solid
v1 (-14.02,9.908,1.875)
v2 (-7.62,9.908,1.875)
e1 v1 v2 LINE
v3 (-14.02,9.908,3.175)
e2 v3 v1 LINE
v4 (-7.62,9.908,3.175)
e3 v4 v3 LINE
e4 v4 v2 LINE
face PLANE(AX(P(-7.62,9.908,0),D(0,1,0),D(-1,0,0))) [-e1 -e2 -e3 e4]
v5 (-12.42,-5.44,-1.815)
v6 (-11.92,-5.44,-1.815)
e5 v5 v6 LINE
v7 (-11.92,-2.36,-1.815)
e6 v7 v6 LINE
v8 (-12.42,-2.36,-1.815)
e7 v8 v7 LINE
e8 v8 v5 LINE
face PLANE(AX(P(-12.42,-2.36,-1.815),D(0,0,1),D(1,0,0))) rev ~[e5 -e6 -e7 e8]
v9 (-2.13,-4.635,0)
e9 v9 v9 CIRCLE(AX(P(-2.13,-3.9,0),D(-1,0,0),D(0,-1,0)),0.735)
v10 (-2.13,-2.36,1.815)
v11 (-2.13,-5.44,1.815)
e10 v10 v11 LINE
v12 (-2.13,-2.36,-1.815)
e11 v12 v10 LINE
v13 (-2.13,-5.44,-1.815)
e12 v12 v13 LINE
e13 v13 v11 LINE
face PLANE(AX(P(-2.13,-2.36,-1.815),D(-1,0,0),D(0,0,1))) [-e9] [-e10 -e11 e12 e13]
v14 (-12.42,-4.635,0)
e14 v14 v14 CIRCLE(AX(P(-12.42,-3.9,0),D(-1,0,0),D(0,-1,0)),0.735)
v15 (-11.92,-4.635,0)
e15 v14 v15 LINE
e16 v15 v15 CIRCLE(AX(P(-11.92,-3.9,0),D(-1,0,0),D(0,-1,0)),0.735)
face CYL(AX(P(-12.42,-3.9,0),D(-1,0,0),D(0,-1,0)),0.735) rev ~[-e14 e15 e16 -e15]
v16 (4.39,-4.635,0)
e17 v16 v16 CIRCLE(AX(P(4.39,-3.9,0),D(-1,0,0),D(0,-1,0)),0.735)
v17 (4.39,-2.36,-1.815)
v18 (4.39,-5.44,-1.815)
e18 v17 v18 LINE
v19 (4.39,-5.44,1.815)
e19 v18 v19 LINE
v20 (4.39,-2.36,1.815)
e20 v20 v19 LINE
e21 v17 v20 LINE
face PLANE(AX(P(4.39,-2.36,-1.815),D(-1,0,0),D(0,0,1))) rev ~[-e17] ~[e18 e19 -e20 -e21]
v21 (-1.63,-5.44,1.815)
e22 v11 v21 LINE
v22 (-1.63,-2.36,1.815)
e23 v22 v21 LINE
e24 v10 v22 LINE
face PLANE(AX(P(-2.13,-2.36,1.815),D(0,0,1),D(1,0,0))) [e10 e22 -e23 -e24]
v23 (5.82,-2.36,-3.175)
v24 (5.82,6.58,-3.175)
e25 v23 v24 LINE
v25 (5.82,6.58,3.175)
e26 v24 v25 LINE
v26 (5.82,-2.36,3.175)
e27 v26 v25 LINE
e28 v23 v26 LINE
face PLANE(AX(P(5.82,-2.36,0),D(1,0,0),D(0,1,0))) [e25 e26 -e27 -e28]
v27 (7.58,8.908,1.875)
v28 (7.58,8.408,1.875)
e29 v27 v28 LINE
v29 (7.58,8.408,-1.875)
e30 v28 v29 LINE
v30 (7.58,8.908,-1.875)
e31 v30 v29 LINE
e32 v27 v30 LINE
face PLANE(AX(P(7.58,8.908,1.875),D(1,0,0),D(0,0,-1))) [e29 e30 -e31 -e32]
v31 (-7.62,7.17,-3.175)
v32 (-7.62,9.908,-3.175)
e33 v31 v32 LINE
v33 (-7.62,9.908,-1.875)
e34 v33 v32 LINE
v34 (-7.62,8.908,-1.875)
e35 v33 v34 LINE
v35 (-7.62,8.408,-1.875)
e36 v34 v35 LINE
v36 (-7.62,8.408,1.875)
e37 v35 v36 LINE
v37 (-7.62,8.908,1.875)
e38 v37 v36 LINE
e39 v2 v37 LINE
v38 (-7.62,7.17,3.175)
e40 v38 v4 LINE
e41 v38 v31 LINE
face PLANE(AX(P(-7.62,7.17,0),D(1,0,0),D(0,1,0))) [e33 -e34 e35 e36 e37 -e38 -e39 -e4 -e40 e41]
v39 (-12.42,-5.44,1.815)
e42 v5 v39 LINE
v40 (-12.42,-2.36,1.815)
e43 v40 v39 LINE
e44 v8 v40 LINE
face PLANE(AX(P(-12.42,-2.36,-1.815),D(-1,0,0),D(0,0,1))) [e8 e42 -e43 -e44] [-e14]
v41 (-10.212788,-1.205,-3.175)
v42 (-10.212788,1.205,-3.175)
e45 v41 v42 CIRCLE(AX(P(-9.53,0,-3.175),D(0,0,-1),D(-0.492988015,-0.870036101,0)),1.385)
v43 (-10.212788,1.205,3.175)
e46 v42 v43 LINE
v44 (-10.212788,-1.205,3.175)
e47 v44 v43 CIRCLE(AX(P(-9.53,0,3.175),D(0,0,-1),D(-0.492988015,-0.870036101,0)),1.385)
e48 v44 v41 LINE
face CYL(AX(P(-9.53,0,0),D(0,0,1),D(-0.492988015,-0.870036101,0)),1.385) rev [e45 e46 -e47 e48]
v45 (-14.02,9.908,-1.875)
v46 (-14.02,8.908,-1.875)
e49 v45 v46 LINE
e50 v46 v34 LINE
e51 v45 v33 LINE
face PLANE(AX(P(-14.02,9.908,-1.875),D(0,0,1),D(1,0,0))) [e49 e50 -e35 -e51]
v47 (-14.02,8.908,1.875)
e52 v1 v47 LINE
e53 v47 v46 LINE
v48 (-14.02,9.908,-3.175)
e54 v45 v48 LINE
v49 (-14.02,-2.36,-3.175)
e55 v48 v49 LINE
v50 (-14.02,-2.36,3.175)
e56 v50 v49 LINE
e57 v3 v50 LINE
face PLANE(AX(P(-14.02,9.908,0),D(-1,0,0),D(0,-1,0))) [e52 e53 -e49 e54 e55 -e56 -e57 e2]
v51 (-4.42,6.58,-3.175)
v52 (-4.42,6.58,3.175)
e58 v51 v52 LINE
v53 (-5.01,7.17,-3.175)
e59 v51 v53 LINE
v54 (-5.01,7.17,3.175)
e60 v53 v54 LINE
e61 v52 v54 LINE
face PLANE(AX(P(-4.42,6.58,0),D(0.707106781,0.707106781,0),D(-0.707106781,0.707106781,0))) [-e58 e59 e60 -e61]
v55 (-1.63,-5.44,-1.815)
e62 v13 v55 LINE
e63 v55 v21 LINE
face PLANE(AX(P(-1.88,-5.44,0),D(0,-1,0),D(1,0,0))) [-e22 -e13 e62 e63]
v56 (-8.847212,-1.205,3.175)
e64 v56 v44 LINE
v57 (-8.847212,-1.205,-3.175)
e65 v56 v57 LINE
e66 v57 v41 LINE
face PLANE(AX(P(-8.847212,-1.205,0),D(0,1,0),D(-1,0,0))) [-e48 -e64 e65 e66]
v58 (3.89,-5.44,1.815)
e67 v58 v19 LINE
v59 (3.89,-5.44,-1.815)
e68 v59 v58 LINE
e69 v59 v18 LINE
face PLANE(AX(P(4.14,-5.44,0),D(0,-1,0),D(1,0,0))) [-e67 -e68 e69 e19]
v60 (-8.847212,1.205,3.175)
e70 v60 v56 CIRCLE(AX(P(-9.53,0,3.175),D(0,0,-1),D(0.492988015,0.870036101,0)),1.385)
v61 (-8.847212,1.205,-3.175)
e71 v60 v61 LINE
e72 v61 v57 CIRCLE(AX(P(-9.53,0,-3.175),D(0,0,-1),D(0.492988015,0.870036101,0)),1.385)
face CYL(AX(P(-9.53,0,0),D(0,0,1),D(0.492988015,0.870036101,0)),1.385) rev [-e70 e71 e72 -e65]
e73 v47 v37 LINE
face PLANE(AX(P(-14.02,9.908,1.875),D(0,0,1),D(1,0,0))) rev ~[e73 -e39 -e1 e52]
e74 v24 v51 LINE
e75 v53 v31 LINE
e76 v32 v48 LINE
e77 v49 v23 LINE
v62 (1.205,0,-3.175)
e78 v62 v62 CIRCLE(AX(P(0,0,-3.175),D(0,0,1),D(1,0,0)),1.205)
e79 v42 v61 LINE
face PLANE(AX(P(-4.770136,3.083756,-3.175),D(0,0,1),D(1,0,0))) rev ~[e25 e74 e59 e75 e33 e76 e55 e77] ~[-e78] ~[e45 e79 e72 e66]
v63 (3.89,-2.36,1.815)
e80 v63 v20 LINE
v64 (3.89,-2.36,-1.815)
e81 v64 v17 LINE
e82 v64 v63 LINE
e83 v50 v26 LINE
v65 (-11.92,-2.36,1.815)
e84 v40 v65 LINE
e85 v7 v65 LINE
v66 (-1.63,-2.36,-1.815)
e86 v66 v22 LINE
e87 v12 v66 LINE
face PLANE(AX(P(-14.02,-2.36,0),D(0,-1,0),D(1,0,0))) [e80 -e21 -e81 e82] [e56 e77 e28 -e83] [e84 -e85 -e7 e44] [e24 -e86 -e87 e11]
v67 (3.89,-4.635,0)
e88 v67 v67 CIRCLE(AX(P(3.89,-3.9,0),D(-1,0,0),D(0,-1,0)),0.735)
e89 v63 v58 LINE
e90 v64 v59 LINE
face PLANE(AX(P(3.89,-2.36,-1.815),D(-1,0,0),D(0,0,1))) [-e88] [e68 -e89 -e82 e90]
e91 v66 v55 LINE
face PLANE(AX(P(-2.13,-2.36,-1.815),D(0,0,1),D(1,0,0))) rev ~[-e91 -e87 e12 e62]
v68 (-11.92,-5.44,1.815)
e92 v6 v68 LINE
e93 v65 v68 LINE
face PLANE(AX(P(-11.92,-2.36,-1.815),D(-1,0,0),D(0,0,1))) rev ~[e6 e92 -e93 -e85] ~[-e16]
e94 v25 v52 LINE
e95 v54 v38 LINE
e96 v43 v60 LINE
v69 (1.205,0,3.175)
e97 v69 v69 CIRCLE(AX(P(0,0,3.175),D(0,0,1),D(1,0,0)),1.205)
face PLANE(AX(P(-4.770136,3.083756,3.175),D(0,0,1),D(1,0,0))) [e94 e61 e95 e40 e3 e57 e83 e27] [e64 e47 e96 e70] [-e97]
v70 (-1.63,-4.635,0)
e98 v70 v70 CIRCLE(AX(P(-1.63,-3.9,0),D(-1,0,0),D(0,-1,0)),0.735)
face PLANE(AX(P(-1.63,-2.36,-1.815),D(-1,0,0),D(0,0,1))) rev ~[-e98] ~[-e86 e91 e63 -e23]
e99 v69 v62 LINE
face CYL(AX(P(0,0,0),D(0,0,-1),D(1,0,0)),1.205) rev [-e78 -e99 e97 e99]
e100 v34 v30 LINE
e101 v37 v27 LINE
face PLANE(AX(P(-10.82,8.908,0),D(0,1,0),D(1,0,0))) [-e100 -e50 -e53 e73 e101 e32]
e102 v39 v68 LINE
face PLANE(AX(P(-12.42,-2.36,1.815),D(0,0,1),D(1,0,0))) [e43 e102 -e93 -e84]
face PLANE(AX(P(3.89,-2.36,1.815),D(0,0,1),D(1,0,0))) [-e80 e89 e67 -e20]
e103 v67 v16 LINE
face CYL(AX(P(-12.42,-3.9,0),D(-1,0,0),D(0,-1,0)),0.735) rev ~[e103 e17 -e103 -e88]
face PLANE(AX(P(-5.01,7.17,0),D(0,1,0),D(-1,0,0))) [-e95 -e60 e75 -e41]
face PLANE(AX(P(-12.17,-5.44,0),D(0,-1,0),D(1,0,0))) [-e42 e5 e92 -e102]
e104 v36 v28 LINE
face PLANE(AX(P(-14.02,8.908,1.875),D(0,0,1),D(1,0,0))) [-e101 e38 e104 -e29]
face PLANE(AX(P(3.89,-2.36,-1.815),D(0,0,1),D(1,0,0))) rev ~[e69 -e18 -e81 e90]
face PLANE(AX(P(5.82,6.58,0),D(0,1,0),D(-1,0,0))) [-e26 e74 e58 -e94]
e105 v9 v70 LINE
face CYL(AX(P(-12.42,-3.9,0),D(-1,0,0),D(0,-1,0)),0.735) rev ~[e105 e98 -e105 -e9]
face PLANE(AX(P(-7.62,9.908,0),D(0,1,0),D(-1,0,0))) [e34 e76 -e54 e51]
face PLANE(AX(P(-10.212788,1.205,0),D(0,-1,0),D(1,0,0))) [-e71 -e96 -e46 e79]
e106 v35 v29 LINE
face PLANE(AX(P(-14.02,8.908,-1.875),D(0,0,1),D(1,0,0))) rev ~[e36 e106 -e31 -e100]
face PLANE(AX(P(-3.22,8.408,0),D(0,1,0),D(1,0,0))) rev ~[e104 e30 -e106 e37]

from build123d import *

# Parameters (mm, degrees)
SKETCH_1_R          = 1.205
EXTRUDE_1_DEPTH     = 3.175
SKETCH_2_W          = 0.5
SKETCH_2_H          = 3.63
EXTRUDE_2_DEPTH     = 3.08
SKETCH_3_R          = 0.735
CUT_EXTRUDE_1_DEPTH = 21.998730652
SKETCH_4_W          = 6.4
SKETCH_4_H          = 3.75
CUT_EXTRUDE_2_DEPTH = 1
SKETCH_6_W          = 21.6
SKETCH_6_H          = 3.75
EXTRUDE_3_DEPTH     = 0.5


with BuildPart() as part:
    # 스케치1 → 보스-돌출1 (new, symmetric)
    with BuildSketch(Plane.XY):
        Polygon((-14.02, -2.36), (5.82, -2.36), (5.82, 6.58), (-4.42, 6.58), (-5.01, 7.17), (-7.62, 7.17), (-7.62, 9.908), (-14.02, 9.908), (-14.02, 6.58), align=None)
        Circle(SKETCH_1_R, mode=Mode.SUBTRACT)
        with BuildLine():
            Line((-10.212788401, 1.205), (-8.847211599, 1.205))
            ThreePointArc((-8.847211599, 1.205), (-8.145, 0), (-8.847211599, -1.205))
            Line((-8.847211599, -1.205), (-10.212788401, -1.205))
            ThreePointArc((-10.212788401, -1.205), (-10.915, 0), (-10.212788401, 1.205))
        make_face(mode=Mode.SUBTRACT)
    extrude(amount=EXTRUDE_1_DEPTH, both=True)

    # 스케치2 → 보스-돌출2 (add)
    with BuildSketch(Plane.XZ.offset(2.36)):
        with Locations((-12.17, 0)):
            Rectangle(SKETCH_2_W, SKETCH_2_H)
        with Locations((-1.88, 0)):
            Rectangle(SKETCH_2_W, SKETCH_2_H)
        with Locations((4.14, 0)):
            Rectangle(SKETCH_2_W, SKETCH_2_H)
    extrude(amount=EXTRUDE_2_DEPTH)

    # 스케치3 → 컷-돌출1 (cut, through all)
    with BuildSketch(Plane.ZY.offset(12.42)):
        with Locations(Location((0, -3.9, 0), (0, 0, 270))):
            Circle(SKETCH_3_R)
    extrude(amount=-CUT_EXTRUDE_1_DEPTH, mode=Mode.SUBTRACT)

    # 스케치4 → 컷-돌출2 (cut)
    with BuildSketch(Plane(origin=(0, 9.908, 0), x_dir=(1, 0, 0), z_dir=(0, 1, 0))):
        with Locations((-10.82, 0)):
            Rectangle(SKETCH_4_W, SKETCH_4_H)
    extrude(amount=-CUT_EXTRUDE_2_DEPTH, mode=Mode.SUBTRACT)

    # 스케치6 → 보스-돌출3 (add)
    with BuildSketch(Plane(origin=(0, 8.908, 0), x_dir=(1, 0, 0), z_dir=(0, 1, 0))):
        with Locations((-3.22, 0)):
            Rectangle(SKETCH_6_W, SKETCH_6_H)
    extrude(amount=-EXTRUDE_3_DEPTH)


solid = part.part
